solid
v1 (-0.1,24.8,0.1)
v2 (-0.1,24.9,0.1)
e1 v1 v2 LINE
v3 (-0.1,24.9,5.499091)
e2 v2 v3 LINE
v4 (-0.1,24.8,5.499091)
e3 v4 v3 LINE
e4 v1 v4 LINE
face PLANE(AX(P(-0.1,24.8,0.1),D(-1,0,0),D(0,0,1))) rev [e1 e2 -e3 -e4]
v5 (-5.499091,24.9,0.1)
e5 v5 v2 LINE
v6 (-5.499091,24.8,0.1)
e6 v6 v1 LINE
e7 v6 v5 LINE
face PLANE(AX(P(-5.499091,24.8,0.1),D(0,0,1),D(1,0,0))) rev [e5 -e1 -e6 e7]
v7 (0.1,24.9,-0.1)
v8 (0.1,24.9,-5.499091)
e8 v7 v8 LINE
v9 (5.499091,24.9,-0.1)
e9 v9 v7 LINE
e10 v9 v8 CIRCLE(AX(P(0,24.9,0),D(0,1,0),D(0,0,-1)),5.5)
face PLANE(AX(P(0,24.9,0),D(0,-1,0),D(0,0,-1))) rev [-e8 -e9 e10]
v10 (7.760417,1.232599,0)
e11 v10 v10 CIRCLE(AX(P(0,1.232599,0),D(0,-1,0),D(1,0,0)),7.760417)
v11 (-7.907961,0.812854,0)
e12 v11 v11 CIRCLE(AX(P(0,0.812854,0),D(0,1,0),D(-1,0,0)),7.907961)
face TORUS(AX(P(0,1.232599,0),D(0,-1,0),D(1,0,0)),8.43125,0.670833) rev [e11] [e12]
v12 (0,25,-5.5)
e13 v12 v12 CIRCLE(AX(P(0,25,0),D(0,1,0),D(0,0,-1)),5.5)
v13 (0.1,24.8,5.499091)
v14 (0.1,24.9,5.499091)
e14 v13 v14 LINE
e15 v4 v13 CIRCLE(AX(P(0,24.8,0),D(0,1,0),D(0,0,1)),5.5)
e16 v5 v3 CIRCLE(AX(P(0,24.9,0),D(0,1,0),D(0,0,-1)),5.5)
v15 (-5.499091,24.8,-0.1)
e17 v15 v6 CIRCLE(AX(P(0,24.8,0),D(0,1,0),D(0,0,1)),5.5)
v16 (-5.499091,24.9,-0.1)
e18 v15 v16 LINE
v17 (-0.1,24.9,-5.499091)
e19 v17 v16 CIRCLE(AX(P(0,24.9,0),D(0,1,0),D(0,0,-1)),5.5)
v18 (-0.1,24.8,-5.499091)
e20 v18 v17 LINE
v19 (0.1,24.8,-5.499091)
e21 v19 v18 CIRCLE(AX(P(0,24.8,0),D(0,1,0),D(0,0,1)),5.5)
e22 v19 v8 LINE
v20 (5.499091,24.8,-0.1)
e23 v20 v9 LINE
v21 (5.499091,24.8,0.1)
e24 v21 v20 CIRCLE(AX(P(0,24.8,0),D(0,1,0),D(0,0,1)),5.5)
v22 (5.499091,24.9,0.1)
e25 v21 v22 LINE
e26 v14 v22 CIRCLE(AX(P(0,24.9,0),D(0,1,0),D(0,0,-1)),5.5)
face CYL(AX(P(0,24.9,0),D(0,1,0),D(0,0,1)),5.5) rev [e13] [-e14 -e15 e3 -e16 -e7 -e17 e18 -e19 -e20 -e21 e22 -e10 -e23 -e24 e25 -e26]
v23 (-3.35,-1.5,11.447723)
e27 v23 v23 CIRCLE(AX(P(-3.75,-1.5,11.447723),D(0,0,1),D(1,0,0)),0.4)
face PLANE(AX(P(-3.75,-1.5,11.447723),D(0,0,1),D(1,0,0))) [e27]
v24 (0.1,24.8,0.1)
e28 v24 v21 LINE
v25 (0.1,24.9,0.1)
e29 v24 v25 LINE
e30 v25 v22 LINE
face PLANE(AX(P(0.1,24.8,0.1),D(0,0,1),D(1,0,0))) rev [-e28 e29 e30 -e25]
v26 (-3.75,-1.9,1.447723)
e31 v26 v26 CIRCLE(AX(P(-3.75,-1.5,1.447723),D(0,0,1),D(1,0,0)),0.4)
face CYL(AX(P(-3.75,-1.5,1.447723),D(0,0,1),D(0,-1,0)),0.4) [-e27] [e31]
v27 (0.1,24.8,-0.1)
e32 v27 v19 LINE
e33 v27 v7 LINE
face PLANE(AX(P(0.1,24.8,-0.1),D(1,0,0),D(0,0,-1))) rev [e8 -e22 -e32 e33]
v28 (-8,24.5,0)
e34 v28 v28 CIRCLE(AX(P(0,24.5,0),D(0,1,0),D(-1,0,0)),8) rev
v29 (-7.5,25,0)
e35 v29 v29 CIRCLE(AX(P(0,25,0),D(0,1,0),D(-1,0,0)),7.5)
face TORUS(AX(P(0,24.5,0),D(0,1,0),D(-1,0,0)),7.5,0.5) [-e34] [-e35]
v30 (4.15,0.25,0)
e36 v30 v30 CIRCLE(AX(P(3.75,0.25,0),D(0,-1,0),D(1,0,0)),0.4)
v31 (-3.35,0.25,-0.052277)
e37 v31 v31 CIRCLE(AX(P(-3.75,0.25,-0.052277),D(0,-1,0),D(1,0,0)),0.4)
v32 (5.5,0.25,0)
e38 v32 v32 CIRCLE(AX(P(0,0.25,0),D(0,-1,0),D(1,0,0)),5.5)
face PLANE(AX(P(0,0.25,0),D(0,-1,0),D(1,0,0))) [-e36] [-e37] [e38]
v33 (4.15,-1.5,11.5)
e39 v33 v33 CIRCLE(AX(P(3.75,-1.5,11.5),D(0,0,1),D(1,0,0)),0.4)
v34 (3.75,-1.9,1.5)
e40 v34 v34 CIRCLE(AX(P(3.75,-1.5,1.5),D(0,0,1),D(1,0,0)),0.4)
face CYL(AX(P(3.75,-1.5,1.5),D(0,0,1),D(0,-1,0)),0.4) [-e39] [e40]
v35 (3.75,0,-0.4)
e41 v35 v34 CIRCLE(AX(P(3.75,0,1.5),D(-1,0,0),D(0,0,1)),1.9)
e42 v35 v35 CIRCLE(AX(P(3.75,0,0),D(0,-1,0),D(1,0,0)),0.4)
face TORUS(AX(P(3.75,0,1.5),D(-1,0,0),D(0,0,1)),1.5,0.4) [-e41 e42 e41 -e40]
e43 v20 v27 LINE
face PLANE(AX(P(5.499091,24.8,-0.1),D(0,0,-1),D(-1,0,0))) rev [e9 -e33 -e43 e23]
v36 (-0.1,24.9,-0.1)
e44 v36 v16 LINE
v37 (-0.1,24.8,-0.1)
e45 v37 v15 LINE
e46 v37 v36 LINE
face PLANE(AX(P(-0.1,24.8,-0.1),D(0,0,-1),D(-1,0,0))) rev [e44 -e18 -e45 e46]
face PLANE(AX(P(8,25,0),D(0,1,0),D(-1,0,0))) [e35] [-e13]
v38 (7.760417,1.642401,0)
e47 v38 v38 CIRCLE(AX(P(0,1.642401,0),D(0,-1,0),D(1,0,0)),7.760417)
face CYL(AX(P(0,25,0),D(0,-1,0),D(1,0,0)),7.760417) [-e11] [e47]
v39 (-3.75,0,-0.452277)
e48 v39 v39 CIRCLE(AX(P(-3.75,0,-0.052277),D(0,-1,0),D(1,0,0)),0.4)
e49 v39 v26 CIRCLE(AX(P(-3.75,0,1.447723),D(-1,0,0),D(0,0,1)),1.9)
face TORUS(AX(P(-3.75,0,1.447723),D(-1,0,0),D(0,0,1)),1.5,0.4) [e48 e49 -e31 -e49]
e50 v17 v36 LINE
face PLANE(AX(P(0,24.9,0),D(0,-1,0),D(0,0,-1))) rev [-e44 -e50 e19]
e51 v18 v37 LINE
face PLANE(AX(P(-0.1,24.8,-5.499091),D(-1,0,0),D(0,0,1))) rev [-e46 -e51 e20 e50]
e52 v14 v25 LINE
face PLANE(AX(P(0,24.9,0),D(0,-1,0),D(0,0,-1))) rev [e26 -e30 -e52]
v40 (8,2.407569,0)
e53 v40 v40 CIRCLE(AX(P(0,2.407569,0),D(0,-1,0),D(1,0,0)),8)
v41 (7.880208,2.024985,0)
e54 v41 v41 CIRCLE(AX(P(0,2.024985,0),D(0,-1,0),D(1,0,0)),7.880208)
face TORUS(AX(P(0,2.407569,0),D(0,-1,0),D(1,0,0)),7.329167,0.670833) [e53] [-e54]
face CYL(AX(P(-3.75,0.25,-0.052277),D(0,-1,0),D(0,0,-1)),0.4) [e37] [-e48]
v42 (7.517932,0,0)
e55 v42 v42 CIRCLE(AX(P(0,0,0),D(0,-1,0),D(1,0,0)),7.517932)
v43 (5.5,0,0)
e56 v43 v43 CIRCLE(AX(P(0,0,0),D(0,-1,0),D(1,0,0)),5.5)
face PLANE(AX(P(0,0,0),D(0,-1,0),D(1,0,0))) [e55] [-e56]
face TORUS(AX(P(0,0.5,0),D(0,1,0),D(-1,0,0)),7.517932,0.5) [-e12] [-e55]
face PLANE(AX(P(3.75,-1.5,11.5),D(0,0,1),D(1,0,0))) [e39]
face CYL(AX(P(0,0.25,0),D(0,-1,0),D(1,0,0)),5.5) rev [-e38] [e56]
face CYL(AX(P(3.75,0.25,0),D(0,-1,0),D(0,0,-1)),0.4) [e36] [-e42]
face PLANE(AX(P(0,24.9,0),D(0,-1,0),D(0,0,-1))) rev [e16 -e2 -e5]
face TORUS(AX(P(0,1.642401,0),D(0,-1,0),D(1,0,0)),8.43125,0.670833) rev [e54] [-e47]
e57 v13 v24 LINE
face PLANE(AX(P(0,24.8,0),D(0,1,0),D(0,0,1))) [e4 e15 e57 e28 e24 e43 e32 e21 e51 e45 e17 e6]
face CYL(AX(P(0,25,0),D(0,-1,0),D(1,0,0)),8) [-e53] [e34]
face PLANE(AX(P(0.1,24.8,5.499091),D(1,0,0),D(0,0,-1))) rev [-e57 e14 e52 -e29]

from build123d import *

# Parameters (mm, degrees)
SKETCH2_R             = 5.5
CUT_EXTRUDE1_DEPTH    = 0.1
CUT_EXTRUDE2_DEPTH    = 0.1
CORTAR_EXTRUIR1_START = -0.25
CROQUIS4_R            = 5.5
CORTAR_EXTRUIR1_DEPTH = 0.25
FILLET1_R             = 0.5
CROQUIS8_R            = 0.4
CROQUIS7_R            = 0.4


with BuildPart() as part:
    # Sketch1 → Revolve1 (revolve)
    with BuildSketch(Plane.XY):
        with BuildLine():
            Line((8, 25), (0, 25))
            Line((0, 25), (0, 0))
            Line((0, 0), (8, 0))
            ThreePointArc((8, 0), (8.092932458, 0.406232629), (7.928060317, 0.788957816))
            ThreePointArc((7.928060317, 0.788957816), (7.803725589, 0.995469347), (7.760416667, 1.232599004))
            Line((7.760416667, 1.232599004), (7.760416667, 1.642400996))
            ThreePointArc((7.760416667, 1.642400996), (7.791064683, 1.842850794), (7.880208333, 2.024984899))
            ThreePointArc((7.880208333, 2.024984899), (7.969351983, 2.207119004), (8, 2.407568802))
            Line((8, 2.407568802), (8, 25))
        make_face()
    revolve(axis=Axis((0, 25, 0), (0, -1, 0)))

    # Sketch2 → Cut-Extrude1 (cut)
    with BuildSketch(Plane(origin=(0, 25, 0), x_dir=(-1, 0, 0), z_dir=(0, 1, 0))):
        with Locations(Location((0, 0, 0), (0, 0, 270))):
            Circle(SKETCH2_R)
    extrude(amount=-CUT_EXTRUDE1_DEPTH, mode=Mode.SUBTRACT)

    # Sketch3 → Cut-Extrude2 (cut)
    with BuildSketch(Plane(origin=(0, 24.9, 0), x_dir=(-1, 0, 0), z_dir=(0, 1, 0))):
        with BuildLine():
            Line((-5.499090834, -0.1), (-0.1, -0.1))
            Line((-0.1, -0.1), (-0.1, -5.499090834))
            ThreePointArc((-0.1, -5.499090834), (-0.050002066, -5.499772704), (0, -5.5))
            ThreePointArc((0, -5.5), (0.050002066, -5.499772704), (0.1, -5.499090834))
            Line((0.1, -5.499090834), (0.1, -0.1))
            Line((0.1, -0.1), (5.499090834, -0.1))
            ThreePointArc((5.499090834, -0.1), (5.499772704, -0.050002066), (5.5, 0))
            ThreePointArc((5.5, 0), (5.499772704, 0.050002066), (5.499090834, 0.1))
            Line((5.499090834, 0.1), (0.1, 0.1))
            Line((0.1, 0.1), (0.1, 5.499090834))
            ThreePointArc((0.1, 5.499090834), (0.050002066, 5.499772704), (0, 5.5))
            ThreePointArc((0, 5.5), (-0.050002066, 5.499772704), (-0.1, 5.499090834))
            Line((-0.1, 5.499090834), (-0.1, 0.1))
            Line((-0.1, 0.1), (-5.499090834, 0.1))
            ThreePointArc((-5.499090834, 0.1), (-5.499772704, 0.050002066), (-5.5, 0))
            ThreePointArc((-5.5, 0), (-5.499772704, -0.050002066), (-5.499090834, -0.1))
        make_face()
    extrude(amount=-CUT_EXTRUDE2_DEPTH, mode=Mode.SUBTRACT)

    # Croquis4 → Cortar-Extruir1 (cut)
    with BuildSketch(Plane.XZ.offset(CORTAR_EXTRUIR1_START)):
        with Locations(Location((0, 0, 0), (0, 0, 88.95820115))):
            Circle(CROQUIS4_R)
    extrude(amount=CORTAR_EXTRUIR1_DEPTH, mode=Mode.SUBTRACT)

    # Fillet1
    fillet1_edges = [part.edges().sort_by_distance(p)[0] for p in [
        (-8, 25, 0),
        (-8, 0, 0),
    ]]
    fillet(fillet1_edges, radius=FILLET1_R)

    # Barrer6: sweep along a path in Croquis2
    with BuildLine(Plane(origin=(3.75, 0, 0), x_dir=(0, 0, -1), z_dir=(1, 0, 0))) as barrer6_path:
        Line((0, 0.25), (0, 0))
        ThreePointArc((0, 0), (-0.439339828, -1.060660172), (-1.5, -1.5))
        Line((-1.5, -1.5), (-11.5, -1.5))
    # Croquis8 → Barrer6 (sweep)
    with BuildSketch(Plane.XZ.offset(-0.25)):
        with Locations((3.75, 0)):
            Circle(CROQUIS8_R)
    sweep(path=barrer6_path.line)

    # Barrer7: sweep along a path in Croquis6
    with BuildLine(Plane(origin=(-3.75, 0, 0), x_dir=(0, 0, -1), z_dir=(1, 0, 0))) as barrer7_path:
        Line((0.052276978, 0.25), (0.052276978, 0))
        ThreePointArc((0.052276978, 0), (-0.387062851, -1.060660172), (-1.447723022, -1.5))
        Line((-1.447723022, -1.5), (-11.447723022, -1.5))
    # Croquis7 → Barrer7 (sweep)
    with BuildSketch(Plane.XZ.offset(-0.25)):
        with Locations((-3.75, -0.052276978)):
            Circle(CROQUIS7_R)
    sweep(path=barrer7_path.line)


solid = part.part
